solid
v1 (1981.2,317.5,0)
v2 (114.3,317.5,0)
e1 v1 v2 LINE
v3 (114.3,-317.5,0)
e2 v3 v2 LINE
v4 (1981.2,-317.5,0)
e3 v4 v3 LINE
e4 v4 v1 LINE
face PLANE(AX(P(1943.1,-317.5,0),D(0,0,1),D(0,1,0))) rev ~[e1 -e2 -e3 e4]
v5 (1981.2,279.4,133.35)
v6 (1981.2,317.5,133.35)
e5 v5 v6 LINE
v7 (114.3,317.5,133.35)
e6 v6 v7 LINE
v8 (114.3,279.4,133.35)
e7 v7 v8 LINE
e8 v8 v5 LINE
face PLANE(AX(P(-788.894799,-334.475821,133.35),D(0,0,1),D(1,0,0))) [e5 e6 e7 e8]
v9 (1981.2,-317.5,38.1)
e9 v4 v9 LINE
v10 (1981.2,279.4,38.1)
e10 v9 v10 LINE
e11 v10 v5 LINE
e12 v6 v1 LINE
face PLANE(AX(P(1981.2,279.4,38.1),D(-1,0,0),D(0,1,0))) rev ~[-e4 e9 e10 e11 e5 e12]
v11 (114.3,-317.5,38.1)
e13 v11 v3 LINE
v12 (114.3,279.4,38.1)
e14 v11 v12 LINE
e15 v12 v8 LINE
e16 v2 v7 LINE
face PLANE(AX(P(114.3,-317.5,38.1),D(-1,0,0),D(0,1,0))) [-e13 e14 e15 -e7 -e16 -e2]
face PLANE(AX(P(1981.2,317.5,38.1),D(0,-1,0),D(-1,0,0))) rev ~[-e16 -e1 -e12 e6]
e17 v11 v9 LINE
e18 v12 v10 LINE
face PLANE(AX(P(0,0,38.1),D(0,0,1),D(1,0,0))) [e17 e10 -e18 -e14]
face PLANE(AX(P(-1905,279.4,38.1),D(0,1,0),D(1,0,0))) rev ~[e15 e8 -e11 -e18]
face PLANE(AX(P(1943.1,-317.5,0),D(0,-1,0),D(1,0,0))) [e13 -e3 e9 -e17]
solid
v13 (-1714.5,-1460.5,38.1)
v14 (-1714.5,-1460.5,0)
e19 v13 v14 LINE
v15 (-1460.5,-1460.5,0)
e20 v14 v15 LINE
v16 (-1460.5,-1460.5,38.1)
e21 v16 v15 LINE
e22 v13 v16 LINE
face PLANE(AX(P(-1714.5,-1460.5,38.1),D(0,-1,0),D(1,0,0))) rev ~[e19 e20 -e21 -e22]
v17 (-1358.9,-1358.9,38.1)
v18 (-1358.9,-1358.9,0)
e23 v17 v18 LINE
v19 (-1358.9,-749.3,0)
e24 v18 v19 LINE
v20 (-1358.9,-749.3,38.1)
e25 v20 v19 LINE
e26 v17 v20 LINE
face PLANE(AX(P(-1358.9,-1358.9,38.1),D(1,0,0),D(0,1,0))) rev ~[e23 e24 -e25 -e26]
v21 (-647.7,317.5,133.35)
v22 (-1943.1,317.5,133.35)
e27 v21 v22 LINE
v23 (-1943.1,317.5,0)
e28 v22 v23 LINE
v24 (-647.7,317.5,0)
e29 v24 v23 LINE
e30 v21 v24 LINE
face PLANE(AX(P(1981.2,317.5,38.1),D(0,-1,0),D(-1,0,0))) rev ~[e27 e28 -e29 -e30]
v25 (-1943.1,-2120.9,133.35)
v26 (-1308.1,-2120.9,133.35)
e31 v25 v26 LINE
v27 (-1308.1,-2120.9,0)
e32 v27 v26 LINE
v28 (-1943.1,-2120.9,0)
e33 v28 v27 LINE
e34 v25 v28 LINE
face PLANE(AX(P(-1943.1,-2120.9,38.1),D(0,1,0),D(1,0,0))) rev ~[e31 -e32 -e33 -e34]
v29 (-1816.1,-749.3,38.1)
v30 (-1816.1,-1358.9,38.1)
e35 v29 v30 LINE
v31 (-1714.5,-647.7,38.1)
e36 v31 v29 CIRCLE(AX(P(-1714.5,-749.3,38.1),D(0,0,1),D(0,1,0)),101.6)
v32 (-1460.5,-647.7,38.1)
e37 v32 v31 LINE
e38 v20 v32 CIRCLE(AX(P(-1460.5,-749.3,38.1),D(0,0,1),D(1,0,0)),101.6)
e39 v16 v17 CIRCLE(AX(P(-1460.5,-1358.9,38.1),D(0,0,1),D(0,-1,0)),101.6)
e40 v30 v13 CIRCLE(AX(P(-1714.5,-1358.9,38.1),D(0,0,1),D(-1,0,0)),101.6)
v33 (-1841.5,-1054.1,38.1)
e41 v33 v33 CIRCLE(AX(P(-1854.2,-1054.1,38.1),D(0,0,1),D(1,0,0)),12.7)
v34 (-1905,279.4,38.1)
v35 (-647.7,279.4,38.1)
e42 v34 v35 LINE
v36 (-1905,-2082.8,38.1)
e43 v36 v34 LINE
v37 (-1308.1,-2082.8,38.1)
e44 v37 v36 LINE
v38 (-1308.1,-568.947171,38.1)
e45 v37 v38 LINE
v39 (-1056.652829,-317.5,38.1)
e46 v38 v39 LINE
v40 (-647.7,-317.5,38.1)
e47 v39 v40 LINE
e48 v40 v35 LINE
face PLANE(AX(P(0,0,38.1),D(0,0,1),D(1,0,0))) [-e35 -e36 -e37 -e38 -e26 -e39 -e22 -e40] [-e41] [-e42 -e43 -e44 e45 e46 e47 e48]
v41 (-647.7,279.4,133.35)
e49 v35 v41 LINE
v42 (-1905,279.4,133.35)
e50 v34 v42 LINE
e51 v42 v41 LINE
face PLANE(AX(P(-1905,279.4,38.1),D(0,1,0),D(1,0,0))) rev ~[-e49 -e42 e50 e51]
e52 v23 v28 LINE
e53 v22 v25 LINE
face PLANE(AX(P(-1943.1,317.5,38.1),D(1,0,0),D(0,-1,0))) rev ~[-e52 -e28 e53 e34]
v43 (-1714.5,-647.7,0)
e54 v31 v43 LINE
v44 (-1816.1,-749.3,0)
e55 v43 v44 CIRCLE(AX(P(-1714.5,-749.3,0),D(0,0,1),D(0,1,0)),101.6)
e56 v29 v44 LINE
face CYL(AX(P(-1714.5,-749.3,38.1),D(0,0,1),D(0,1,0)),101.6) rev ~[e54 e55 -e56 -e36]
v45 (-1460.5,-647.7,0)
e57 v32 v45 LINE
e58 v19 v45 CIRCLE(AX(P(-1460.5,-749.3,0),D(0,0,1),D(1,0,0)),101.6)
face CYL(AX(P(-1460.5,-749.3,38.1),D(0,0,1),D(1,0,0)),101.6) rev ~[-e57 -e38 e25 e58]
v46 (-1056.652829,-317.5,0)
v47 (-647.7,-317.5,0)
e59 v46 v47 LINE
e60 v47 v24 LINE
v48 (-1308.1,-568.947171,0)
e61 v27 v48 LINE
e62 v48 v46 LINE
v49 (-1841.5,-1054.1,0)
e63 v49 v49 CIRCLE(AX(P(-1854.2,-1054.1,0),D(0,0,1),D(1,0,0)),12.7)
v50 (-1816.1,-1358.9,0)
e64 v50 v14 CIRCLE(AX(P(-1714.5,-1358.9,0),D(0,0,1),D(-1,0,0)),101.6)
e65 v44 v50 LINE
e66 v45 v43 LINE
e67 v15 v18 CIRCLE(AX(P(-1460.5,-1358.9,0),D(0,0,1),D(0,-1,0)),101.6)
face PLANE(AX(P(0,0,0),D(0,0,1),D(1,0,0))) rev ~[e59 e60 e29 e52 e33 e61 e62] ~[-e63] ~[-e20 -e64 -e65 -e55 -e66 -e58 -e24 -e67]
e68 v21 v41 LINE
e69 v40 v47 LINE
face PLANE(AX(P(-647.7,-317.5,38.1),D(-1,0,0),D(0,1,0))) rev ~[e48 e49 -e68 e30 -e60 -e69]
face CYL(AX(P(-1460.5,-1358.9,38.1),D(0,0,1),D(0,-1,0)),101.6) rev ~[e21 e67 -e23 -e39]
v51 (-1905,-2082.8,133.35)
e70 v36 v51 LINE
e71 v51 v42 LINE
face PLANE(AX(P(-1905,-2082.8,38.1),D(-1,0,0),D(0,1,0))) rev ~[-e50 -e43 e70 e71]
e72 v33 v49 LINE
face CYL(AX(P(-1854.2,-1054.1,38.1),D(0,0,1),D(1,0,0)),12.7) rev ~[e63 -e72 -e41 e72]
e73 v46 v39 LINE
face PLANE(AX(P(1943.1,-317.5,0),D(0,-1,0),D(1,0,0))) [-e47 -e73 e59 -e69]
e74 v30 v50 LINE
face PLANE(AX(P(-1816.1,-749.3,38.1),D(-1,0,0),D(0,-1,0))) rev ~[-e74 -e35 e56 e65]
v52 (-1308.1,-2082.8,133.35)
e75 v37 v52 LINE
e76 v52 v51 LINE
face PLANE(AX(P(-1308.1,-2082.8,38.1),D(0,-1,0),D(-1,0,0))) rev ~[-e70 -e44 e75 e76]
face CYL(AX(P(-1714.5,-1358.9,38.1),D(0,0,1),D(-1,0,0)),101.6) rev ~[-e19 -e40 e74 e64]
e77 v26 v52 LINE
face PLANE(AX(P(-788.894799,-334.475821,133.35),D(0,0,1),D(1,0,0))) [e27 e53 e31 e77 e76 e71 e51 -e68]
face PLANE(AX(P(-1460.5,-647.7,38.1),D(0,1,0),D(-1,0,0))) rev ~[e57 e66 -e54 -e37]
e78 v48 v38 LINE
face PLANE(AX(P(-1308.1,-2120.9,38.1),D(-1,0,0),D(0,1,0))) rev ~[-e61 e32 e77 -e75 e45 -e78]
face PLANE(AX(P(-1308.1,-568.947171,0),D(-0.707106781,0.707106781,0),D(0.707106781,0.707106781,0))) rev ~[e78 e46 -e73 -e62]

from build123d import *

# Parameters (mm, degrees)
F0_W          = 38.1
F0_H          = 635
F1_DEPTH      = 38.1
F2_DEPTH      = 876.3
F4_DEPTH      = 95.25
F5_W          = 762
F5_H          = 807.1839261055
F6_DEPTH      = 203.2
F6_DEPTH_BACK = 203.2
F7_R          = 12.7
F8_DEPTH      = 127
F9_DEPTH      = 127


with BuildPart() as f1:
    # F0 (on Top) → F1 (new body)
    with BuildSketch(Plane.XY):
        Polygon((1943.1, -317.5), (1943.1, 317.5), (-1943.1, 317.5), (-1943.1, -317.5), (-1308.1, -317.5), (-1056.6528286101, -317.5), align=None)
        Polygon((-1308.1, -317.5), (-1943.1, -317.5), (-1943.1, -2120.9), (-1308.1, -2120.9), (-1308.1, -568.9471713899), align=None)
        with Locations((1962.15, 0)):
            Rectangle(F0_W, F0_H)
        Polygon((-1308.1, -568.9471713899), (-1056.6528286101, -317.5), (-1308.1, -317.5), align=None)
    extrude(amount=F1_DEPTH)

    # F0 (on Top) → F2 (join)
    with BuildSketch(Plane.XY):
        with Locations((1962.15, 0)):
            Rectangle(F0_W, F0_H)
    extrude(amount=-F2_DEPTH)

    # F3 (on face) → F4 (join)
    with BuildSketch(Plane.XY.offset(38.1)):
        Polygon((-1943.1, 279.4), (-1943.1, -2120.9), (-1905, -2120.9), (-1308.1, -2120.9), (-1308.1, -2082.8), (-1905, -2082.8), (-1905, 279.4), (1981.2, 279.4), (1981.2, 317.5), (-1905, 317.5), (-1943.1, 317.5), align=None)
    extrude(amount=F4_DEPTH)

    # F5 (on face) → F6 (cut, two sides)
    with BuildSketch(Plane.XY.offset(38.1)) as f6_sk:
        with Locations((-266.7, 86.0919630527)):
            Rectangle(F5_W, F5_H)
    extrude(amount=-F6_DEPTH, mode=Mode.SUBTRACT)
    extrude(f6_sk.sketch, amount=F6_DEPTH_BACK, mode=Mode.SUBTRACT)

    # F7 (on face) → F8 (cut)
    with BuildSketch(Plane.XY.offset(38.1)):
        with BuildLine():
            ThreePointArc((-1358.9, -749.3), (-1388.6579510314, -677.4579510314), (-1460.5, -647.7))
            Line((-1460.5, -647.7), (-1714.5, -647.7))
            ThreePointArc((-1714.5, -647.7), (-1786.3420489686, -677.4579510314), (-1816.1, -749.3))
            Line((-1816.1, -749.3), (-1816.1, -1358.9))
            ThreePointArc((-1816.1, -1358.9), (-1786.3420489686, -1430.7420489686), (-1714.5, -1460.5))
            Line((-1714.5, -1460.5), (-1460.5, -1460.5))
            ThreePointArc((-1460.5, -1460.5), (-1388.6579510314, -1430.7420489686), (-1358.9, -1358.9))
            Line((-1358.9, -1358.9), (-1358.9, -749.3))
        make_face()
        with Locations((-1854.2, -1054.1)):
            Circle(F7_R)
    extrude(amount=-F8_DEPTH, mode=Mode.SUBTRACT)

    # F9 (cut): a face of the model
    f9_faces = [f1.faces().sort_by_distance(p)[0] for p in [
        (1943.1, 0, -438.15),
    ]]
    extrude(f9_faces, amount=-F9_DEPTH, mode=Mode.SUBTRACT)


solid = f1.part
